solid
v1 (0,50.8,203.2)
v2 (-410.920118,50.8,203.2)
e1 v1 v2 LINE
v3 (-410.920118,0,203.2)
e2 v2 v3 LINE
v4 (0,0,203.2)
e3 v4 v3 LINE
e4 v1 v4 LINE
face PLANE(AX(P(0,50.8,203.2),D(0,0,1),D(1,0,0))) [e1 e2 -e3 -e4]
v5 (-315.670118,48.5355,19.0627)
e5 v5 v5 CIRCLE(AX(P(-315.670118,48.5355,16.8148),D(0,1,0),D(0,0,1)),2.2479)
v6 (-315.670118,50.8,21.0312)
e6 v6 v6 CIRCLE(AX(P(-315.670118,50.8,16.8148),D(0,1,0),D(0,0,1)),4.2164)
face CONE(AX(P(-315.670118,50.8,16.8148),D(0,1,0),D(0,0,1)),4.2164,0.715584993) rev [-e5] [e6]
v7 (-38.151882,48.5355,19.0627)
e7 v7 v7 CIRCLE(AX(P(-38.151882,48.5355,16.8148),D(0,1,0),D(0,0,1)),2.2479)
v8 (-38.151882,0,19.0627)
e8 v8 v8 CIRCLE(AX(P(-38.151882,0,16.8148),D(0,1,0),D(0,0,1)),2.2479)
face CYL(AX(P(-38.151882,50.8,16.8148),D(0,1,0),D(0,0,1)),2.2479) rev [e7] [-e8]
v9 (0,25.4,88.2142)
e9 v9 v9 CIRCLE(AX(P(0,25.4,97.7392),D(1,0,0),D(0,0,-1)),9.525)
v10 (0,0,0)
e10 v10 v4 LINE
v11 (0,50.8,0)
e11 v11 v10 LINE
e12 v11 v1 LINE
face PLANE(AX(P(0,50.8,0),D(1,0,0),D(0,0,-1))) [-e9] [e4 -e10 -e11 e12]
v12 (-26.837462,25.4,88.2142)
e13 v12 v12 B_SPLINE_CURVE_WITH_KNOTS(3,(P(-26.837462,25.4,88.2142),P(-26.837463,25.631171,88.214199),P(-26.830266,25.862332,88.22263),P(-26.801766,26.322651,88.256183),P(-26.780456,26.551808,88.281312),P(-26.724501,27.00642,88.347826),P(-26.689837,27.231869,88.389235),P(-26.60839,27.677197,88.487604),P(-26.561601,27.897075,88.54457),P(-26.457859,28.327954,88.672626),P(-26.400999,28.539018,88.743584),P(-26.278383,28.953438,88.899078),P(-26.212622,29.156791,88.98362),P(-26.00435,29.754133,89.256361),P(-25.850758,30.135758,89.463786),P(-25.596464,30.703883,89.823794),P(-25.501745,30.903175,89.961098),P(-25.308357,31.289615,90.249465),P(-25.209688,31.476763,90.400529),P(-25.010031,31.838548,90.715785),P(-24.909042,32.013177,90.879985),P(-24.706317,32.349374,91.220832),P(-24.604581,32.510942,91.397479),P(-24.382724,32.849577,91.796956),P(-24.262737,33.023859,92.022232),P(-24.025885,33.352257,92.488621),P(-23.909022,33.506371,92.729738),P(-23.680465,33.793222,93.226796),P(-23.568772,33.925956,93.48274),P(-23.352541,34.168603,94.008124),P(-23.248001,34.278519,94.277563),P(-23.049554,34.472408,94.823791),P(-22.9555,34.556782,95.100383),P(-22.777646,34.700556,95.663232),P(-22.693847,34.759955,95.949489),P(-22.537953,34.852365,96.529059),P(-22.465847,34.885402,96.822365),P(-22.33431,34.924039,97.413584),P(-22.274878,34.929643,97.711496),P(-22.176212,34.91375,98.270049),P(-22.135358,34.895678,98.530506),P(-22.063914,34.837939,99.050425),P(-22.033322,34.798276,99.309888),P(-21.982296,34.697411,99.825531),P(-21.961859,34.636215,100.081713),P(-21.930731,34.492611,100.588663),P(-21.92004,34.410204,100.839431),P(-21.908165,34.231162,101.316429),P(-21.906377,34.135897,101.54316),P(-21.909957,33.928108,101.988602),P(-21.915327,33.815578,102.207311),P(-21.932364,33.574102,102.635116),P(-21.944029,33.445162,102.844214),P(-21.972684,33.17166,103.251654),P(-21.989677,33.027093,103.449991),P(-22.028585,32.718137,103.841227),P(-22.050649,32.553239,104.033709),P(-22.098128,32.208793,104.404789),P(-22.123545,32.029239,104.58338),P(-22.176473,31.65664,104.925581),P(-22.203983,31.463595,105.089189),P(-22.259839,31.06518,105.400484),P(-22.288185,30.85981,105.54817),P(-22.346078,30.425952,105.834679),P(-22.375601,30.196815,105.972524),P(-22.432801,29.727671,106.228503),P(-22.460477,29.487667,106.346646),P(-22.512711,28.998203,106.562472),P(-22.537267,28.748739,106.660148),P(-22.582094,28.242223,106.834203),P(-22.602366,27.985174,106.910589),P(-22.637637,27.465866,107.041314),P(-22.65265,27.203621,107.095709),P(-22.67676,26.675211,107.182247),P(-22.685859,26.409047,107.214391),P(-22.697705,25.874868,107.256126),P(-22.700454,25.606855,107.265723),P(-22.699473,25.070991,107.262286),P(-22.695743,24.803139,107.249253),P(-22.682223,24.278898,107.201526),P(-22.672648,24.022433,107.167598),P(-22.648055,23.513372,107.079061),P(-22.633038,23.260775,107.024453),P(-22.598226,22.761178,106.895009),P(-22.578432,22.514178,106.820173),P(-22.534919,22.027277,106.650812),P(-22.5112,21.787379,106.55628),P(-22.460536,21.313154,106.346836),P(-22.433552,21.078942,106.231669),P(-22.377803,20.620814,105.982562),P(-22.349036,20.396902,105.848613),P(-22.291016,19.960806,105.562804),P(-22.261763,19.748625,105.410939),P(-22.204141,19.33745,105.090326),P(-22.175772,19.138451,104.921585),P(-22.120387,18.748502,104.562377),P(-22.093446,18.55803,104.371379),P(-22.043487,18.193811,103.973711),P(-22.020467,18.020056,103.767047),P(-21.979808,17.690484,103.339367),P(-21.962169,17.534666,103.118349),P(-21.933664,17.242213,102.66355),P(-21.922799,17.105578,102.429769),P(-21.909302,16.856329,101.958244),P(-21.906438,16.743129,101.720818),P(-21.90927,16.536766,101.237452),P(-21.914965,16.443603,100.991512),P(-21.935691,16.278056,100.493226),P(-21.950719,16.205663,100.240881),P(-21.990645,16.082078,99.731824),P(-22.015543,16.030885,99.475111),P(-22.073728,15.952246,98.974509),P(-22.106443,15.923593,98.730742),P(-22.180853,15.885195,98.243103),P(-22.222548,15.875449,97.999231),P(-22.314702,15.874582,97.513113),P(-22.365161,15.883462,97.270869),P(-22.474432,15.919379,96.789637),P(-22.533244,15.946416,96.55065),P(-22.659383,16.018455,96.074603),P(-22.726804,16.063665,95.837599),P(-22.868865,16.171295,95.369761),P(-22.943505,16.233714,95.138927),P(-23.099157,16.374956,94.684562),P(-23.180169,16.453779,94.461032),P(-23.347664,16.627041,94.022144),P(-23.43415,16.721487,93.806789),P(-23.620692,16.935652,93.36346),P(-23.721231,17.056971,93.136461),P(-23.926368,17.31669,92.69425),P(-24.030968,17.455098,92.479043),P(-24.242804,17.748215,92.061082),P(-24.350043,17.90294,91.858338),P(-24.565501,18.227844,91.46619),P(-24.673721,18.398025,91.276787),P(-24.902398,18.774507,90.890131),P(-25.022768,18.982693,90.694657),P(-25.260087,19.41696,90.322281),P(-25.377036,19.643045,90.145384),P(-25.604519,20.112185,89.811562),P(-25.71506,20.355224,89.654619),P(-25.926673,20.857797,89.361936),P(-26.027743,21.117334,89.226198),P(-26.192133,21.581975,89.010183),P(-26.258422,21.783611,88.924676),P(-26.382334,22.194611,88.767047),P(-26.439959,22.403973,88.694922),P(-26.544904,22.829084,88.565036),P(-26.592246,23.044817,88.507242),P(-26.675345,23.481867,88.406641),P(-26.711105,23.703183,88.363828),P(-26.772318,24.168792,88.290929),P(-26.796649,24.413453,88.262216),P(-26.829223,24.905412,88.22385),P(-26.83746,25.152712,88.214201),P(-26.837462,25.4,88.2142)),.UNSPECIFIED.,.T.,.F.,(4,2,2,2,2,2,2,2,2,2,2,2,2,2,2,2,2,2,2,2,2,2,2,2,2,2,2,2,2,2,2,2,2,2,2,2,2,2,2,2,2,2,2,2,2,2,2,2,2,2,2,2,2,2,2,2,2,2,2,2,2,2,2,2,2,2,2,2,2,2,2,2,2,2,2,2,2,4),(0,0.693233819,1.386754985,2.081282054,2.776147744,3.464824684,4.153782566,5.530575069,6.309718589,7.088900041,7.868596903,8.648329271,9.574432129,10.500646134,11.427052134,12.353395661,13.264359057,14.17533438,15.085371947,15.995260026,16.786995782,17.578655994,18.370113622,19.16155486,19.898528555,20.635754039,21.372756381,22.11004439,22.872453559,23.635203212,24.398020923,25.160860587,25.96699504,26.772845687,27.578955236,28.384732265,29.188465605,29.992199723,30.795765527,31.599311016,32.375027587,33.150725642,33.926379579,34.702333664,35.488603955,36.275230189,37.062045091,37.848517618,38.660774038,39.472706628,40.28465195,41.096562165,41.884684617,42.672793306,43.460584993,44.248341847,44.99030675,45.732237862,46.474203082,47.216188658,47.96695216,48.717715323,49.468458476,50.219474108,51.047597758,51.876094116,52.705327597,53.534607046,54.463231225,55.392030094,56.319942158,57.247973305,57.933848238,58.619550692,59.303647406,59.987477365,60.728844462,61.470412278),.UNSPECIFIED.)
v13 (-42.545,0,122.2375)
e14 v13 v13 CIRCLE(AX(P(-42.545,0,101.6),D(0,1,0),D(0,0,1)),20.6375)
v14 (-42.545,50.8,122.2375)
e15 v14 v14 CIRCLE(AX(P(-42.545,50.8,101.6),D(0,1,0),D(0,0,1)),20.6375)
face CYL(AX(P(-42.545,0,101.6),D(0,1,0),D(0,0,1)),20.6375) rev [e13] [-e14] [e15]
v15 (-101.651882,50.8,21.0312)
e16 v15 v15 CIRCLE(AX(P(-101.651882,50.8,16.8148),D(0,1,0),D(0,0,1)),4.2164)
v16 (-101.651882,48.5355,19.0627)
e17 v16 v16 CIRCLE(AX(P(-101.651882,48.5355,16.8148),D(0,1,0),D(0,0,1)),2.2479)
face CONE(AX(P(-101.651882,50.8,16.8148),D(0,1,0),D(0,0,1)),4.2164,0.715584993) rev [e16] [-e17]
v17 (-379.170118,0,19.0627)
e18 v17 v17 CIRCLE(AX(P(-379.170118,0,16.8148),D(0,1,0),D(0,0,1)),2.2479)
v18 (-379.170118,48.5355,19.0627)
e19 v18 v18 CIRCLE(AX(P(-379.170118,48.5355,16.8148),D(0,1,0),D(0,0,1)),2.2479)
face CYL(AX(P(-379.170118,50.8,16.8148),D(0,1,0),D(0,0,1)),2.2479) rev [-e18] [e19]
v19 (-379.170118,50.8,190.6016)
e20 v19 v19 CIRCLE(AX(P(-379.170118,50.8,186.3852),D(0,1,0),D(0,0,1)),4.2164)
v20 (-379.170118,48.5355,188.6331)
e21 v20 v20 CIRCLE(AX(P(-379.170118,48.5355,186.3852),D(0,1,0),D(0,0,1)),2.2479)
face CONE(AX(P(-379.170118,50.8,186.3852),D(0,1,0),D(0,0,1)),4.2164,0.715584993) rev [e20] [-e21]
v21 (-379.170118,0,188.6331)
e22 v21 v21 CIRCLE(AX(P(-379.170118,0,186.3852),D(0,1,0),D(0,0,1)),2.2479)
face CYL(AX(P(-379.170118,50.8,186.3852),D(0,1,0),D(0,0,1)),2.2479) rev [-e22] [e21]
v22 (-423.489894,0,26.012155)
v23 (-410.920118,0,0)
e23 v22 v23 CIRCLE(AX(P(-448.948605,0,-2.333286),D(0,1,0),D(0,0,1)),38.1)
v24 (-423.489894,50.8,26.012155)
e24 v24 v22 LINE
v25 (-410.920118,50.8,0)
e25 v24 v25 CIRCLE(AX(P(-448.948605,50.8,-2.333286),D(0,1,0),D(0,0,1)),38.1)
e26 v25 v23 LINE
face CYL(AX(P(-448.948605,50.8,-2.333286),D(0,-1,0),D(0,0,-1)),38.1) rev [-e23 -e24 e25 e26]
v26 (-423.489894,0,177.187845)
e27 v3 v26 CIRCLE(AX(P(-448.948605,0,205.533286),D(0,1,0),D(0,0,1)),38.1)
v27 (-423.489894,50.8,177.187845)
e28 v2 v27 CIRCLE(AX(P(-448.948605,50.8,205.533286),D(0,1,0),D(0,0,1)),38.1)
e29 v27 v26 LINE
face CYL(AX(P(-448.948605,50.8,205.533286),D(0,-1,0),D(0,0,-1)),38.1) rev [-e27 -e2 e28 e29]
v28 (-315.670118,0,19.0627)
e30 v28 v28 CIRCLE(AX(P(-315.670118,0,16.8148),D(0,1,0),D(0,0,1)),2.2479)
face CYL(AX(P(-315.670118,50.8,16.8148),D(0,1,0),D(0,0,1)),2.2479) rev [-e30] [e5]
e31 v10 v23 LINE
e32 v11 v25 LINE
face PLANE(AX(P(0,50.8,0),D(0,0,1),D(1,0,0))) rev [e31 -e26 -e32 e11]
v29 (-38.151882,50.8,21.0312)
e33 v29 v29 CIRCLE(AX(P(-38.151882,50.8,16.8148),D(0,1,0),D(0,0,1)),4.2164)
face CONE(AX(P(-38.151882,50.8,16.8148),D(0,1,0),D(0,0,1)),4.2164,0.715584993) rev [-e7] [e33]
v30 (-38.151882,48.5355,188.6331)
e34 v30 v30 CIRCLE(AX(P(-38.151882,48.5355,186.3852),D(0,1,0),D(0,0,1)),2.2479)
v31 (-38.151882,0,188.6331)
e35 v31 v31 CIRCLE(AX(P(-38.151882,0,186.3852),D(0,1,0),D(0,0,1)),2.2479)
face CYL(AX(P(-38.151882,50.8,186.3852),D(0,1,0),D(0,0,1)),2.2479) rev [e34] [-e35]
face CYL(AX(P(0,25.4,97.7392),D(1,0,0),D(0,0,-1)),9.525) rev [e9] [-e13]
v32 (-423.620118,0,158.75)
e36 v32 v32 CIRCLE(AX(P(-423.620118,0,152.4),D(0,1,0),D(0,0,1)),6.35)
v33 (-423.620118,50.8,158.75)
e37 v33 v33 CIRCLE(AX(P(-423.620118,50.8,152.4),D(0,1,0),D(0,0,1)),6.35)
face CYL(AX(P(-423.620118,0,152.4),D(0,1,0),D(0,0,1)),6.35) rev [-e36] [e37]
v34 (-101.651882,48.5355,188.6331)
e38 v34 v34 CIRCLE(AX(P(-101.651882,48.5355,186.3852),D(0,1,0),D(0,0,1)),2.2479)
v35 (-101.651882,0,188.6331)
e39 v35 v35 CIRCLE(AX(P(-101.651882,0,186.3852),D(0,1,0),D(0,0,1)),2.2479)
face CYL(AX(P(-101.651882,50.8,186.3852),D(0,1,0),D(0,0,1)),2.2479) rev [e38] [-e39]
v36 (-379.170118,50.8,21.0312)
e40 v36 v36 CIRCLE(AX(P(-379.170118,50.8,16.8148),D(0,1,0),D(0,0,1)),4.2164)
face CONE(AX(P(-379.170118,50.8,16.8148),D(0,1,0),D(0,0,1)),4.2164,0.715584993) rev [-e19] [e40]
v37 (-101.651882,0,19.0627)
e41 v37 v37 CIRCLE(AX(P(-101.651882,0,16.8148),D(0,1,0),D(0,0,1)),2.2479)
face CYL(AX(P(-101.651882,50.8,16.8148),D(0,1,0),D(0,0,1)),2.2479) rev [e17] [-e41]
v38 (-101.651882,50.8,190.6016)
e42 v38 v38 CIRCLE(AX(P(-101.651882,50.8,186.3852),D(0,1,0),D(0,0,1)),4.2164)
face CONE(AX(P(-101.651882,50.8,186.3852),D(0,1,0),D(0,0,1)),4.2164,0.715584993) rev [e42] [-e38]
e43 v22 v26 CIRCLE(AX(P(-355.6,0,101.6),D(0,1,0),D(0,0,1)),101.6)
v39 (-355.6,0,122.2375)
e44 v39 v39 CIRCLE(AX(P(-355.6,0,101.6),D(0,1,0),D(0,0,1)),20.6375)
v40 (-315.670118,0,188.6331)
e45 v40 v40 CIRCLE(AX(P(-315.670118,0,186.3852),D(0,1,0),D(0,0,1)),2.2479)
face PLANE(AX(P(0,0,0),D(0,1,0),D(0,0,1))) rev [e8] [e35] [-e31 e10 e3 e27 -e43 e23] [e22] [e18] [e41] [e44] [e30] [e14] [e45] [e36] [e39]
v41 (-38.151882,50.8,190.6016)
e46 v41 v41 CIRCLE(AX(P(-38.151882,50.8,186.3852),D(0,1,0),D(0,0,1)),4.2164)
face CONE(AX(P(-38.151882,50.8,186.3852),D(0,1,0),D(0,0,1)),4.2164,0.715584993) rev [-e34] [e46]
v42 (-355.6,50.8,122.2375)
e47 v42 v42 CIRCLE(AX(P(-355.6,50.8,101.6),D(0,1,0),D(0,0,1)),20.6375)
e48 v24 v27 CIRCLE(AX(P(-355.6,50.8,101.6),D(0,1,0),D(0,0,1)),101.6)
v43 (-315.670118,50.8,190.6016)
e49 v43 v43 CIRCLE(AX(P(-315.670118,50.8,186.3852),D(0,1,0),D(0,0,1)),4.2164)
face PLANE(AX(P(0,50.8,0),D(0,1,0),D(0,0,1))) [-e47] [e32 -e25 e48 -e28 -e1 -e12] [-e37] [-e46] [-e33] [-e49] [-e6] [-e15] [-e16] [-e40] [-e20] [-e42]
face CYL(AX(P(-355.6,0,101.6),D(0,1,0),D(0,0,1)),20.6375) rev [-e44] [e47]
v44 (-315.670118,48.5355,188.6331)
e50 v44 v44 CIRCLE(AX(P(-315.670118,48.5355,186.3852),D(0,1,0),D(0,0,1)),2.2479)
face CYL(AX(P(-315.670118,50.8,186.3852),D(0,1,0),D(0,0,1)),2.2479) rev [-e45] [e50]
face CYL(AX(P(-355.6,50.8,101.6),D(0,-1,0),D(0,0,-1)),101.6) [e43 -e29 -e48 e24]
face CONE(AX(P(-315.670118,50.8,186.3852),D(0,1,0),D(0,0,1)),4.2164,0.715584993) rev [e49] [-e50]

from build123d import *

# Parameters (mm, degrees)
BOSS_EXTRUDE1_DEPTH                               = 50.8
CSK_FOR_8_FLAT_HEAD_MACHINE_SCREW_100_D           = 4.4958
CSK_FOR_8_FLAT_HEAD_MACHINE_SCREW_100_CSINK_D     = 8.4328
CSK_FOR_8_FLAT_HEAD_MACHINE_SCREW_100_CSINK_ANGLE = 82
MIRROR2_COPY_1_D                                  = 4.4958
MIRROR2_COPY_1_CSINK_D                            = 8.4328
MIRROR2_COPY_1_CSINK_ANGLE                        = 82
SKETCH14_R                                        = 6.35
CUT_EXTRUDE4_DEPTH                                = 503.89434278
SKETCH15_R                                        = 20.6375
CUT_EXTRUDE5_DEPTH                                = 503.89434278
SKETCH16_R                                        = 20.6375
CUT_EXTRUDE6_DEPTH                                = 503.89434278
F_5_8_0_75_DIAMETER_HOLE1_D                       = 19.05
F_5_8_0_75_DIAMETER_HOLE1_DEPTH                   = 32.961002604
F_5_8_0_75_DIAMETER_HOLE1_TIP                     = 5.723197396


with BuildPart() as part:
    # Sketch1 → Boss-Extrude1 (new body)
    with BuildSketch(Plane(origin=(0, 0, 0), x_dir=(1, 0, 0), z_dir=(0, 1, 0))):
        with BuildLine():
            Line((0, 0), (0, -203.2))
            Line((0, -203.2), (-410.920118429, -203.2))
            ThreePointArc((-410.920118429, -203.2), (-414.643880683, -188.956317144), (-423.489894398, -177.187844516))
            ThreePointArc((-423.489894398, -177.187844516), (-457.2, -101.6), (-423.489894398, -26.012155484))
            ThreePointArc((-423.489894398, -26.012155484), (-414.643880683, -14.243682856), (-410.920118429, 0))
            Line((-410.920118429, 0), (0, 0))
        make_face()
    extrude(amount=BOSS_EXTRUDE1_DEPTH)

    # CSK for #8 Flat Head Machine Screw (100)1 (through all)
    with Locations(Plane(origin=(0, 50.8, 0), x_dir=(1, 0, 0), z_dir=(0, 1, 0))):
        with Locations((-379.170118429, -186.3852), (-315.670118429, -186.3852)):
            csk_for_8_flat_head_machine_screw_100 = CounterSinkHole(CSK_FOR_8_FLAT_HEAD_MACHINE_SCREW_100_D / 2, CSK_FOR_8_FLAT_HEAD_MACHINE_SCREW_100_CSINK_D / 2, counter_sink_angle=CSK_FOR_8_FLAT_HEAD_MACHINE_SCREW_100_CSINK_ANGLE)

    # Mirror1: CSK for #8 Flat Head Machine Screw (100)1 across plane
    add(csk_for_8_flat_head_machine_screw_100.mirror(Plane.XY.offset(101.6)), mode=Mode.SUBTRACT)

    # Mirror2: CSK for #8 Flat Head Machine Screw (100)1 across plane
    add(csk_for_8_flat_head_machine_screw_100.mirror(Plane(origin=(-208.661, 0, 0), x_dir=(0, 0, 1), z_dir=(1, 0, 0))), mode=Mode.SUBTRACT)

    # Mirror2 copy 1 (through all)
    with Locations(Plane(origin=(-417.322, 50.8, 203.2), x_dir=(-1, 0, 0), z_dir=(0, 1, 0))):
        with Locations((-379.170118429, -186.3852), (-315.670118429, -186.3852)):
            CounterSinkHole(MIRROR2_COPY_1_D / 2, MIRROR2_COPY_1_CSINK_D / 2, counter_sink_angle=MIRROR2_COPY_1_CSINK_ANGLE)

    # Sketch14 → Cut-Extrude4 (cut, through all)
    with BuildSketch(Plane(origin=(0, 50.8, 0), x_dir=(1, 0, 0), z_dir=(0, 1, 0))):
        with Locations(Location((-423.620118429, -152.4, 0), (0, 0, 270))):
            Circle(SKETCH14_R)
    extrude(amount=-CUT_EXTRUDE4_DEPTH, mode=Mode.SUBTRACT)

    # Sketch15 → Cut-Extrude5 (cut, through all)
    with BuildSketch(Plane(origin=(0, 50.8, 0), x_dir=(1, 0, 0), z_dir=(0, 1, 0))):
        with Locations(Location((-355.6, -101.6, 0), (0, 0, 270))):
            Circle(SKETCH15_R)
    extrude(amount=-CUT_EXTRUDE5_DEPTH, mode=Mode.SUBTRACT)

    # Sketch16 → Cut-Extrude6 (cut, through all)
    with BuildSketch(Plane(origin=(0, 50.8, 0), x_dir=(1, 0, 0), z_dir=(0, 1, 0))):
        with Locations(Location((-42.545, -101.6, 0), (0, 0, 270))):
            Circle(SKETCH16_R)
    extrude(amount=-CUT_EXTRUDE6_DEPTH, mode=Mode.SUBTRACT)

    # 5/8 (0.75) Diameter Hole1
    with Locations(Plane(origin=(0, 0, 0), x_dir=(0, 0, -1), z_dir=(1, 0, 0))):
        with Locations((-97.7392, 25.4)):
            Hole(F_5_8_0_75_DIAMETER_HOLE1_D / 2, depth=F_5_8_0_75_DIAMETER_HOLE1_DEPTH)
            with Locations((0, 0, -(F_5_8_0_75_DIAMETER_HOLE1_DEPTH + F_5_8_0_75_DIAMETER_HOLE1_TIP / 2))):  # 118° drill point
                Cone(0, F_5_8_0_75_DIAMETER_HOLE1_D / 2, F_5_8_0_75_DIAMETER_HOLE1_TIP, mode=Mode.SUBTRACT)


solid = part.part
